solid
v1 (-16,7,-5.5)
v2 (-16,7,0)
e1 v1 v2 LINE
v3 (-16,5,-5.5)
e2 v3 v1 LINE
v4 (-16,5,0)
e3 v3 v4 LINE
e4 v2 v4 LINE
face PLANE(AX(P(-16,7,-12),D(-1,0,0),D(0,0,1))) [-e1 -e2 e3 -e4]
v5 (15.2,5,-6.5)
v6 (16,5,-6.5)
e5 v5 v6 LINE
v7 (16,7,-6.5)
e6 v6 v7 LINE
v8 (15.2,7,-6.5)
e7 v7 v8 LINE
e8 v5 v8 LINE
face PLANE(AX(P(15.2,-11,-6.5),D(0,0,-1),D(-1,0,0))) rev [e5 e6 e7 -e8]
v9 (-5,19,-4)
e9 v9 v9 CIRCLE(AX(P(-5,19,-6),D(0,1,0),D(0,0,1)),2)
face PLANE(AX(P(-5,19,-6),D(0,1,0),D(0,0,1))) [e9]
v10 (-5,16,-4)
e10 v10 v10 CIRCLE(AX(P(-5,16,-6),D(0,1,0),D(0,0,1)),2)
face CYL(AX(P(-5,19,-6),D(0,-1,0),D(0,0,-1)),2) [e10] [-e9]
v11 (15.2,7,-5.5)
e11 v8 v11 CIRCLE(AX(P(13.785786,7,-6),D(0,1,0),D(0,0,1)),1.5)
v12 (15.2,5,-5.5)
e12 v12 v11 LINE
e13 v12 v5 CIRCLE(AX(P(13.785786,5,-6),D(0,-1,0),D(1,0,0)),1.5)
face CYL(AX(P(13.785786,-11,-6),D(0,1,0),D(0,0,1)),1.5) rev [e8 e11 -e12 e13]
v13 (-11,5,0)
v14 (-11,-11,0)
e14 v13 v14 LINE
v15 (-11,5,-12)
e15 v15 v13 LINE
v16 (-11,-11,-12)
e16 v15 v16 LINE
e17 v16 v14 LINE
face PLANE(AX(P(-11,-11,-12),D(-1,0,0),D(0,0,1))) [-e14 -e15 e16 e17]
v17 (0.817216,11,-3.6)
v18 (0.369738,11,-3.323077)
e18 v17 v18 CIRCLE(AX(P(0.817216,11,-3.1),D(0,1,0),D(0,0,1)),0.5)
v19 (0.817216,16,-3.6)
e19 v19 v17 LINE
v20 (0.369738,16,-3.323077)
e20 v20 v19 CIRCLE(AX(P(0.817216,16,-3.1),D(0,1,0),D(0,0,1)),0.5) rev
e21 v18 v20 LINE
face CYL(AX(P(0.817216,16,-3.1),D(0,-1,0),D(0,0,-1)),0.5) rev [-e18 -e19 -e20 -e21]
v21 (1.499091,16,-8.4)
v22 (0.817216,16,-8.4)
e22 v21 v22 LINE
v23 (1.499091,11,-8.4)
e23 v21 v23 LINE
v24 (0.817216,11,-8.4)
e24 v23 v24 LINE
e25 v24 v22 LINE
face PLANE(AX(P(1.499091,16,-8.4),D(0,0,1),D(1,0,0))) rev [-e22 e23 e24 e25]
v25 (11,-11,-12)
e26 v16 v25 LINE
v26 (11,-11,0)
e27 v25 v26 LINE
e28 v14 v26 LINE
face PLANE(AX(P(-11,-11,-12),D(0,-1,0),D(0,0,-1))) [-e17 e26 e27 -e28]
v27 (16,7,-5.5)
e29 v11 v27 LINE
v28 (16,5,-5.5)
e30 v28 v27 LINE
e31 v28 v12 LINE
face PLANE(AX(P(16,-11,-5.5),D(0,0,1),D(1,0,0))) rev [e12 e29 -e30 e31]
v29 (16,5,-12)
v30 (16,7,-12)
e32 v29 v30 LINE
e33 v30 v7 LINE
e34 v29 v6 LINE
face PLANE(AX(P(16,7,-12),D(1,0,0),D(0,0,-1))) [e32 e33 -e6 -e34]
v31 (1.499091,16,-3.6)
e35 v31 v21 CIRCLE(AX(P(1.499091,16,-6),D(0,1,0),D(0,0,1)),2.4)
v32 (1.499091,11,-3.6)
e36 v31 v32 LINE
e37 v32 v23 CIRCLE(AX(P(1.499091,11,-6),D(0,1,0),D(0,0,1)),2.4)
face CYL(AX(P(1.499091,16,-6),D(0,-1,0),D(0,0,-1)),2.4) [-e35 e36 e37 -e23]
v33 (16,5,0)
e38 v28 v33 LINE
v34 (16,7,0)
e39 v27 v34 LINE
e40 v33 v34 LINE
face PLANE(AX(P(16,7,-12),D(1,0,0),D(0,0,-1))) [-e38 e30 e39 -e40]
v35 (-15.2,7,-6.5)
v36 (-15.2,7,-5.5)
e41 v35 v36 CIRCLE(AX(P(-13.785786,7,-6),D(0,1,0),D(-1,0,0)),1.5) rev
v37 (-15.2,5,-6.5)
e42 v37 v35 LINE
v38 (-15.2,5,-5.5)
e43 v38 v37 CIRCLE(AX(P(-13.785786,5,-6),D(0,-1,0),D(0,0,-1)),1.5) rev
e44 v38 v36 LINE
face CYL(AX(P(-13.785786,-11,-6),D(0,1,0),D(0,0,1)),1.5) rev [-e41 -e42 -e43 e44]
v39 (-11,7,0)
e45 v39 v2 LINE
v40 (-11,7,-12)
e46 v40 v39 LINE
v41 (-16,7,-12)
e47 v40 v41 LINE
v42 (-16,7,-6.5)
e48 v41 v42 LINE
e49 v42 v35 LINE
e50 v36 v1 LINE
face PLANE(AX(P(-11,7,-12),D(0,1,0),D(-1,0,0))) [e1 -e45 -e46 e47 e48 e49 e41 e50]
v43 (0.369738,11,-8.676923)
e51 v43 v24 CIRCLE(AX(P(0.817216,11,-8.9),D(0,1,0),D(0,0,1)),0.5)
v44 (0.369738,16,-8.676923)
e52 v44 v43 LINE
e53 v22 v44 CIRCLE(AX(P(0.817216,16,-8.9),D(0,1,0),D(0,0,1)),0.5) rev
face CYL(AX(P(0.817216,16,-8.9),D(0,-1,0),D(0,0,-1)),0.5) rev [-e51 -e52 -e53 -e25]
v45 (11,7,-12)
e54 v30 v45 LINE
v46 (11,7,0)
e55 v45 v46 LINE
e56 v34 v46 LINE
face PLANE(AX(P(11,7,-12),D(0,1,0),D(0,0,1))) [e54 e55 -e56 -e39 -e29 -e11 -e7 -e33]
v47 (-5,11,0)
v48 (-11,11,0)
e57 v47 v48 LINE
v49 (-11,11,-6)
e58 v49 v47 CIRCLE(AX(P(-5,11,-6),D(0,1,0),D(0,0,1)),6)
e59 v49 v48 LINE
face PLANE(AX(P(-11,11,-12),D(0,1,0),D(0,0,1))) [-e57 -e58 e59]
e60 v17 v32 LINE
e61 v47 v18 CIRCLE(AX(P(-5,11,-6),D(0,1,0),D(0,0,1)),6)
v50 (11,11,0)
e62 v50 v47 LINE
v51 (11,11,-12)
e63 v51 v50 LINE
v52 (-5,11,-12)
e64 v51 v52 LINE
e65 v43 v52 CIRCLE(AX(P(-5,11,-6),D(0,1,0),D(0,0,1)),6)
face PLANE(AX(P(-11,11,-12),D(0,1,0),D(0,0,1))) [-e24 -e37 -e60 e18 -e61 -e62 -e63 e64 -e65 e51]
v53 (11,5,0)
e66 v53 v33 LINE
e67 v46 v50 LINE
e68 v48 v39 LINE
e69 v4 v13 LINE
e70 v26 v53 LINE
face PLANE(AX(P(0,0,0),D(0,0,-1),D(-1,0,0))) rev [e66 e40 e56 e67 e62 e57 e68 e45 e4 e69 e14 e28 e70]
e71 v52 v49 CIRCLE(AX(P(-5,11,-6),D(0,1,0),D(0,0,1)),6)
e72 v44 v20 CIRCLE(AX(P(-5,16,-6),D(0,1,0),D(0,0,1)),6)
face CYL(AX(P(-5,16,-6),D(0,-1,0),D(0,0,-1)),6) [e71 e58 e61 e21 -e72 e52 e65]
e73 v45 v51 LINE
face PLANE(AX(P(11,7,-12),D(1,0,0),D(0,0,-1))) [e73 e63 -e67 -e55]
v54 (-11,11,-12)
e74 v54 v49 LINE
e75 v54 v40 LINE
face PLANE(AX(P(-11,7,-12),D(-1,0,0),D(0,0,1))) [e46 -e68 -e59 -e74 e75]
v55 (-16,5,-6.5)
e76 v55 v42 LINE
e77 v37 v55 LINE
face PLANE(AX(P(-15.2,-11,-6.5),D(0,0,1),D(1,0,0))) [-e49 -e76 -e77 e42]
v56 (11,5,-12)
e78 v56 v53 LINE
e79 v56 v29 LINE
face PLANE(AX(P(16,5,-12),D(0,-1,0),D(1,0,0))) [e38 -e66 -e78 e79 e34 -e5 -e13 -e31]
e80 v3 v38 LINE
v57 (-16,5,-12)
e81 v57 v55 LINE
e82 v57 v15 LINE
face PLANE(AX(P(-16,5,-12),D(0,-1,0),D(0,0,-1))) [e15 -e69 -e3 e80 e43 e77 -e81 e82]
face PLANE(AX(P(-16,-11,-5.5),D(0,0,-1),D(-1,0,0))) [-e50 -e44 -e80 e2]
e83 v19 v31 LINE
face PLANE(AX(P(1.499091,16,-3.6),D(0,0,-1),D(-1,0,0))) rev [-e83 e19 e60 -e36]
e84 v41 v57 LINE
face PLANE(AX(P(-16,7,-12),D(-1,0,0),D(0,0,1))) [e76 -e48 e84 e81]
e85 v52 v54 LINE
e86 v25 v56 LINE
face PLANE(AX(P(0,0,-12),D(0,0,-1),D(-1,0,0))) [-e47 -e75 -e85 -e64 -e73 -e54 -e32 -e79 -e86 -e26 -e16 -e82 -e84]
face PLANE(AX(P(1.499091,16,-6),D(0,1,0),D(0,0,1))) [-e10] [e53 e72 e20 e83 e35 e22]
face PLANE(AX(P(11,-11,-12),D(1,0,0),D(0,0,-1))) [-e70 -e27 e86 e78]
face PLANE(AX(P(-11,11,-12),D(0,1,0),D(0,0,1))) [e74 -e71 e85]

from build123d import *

# Parameters (mm, degrees)
BOSS_EXTRUDE1_DEPTH = 12
BOSS_EXTRUDE2_DEPTH = 5
CUT_EXTRUDE1_START  = -19
CUT_EXTRUDE1_DEPTH  = 29
SKETCH4_R           = 2
BOSS_EXTRUDE3_DEPTH = 3
FILLET1_R           = 0.5


with BuildPart() as part:
    # Sketch1 → Boss-Extrude1 (new body)
    with BuildSketch(Plane.XY):
        Polygon((11, 7), (16, 7), (16, 5), (11, 5), (11, -11), (-11, -11), (-11, 5), (-16, 5), (-16, 7), (-11, 7), (-11, 11), (11, 11), align=None)
    extrude(amount=-BOSS_EXTRUDE1_DEPTH)

    # Sketch2 → Boss-Extrude2 (add)
    with BuildSketch(Plane(origin=(0, 11, 0), x_dir=(1, 0, 0), z_dir=(0, 1, 0))):
        with BuildLine():
            Line((1.499090834, 8.4), (0.499090834, 8.4))
            ThreePointArc((0.499090834, 8.4), (-11, 6), (0.499090834, 3.6))
            Line((0.499090834, 3.6), (1.499090834, 3.6))
            ThreePointArc((1.499090834, 3.6), (3.899090834, 6), (1.499090834, 8.4))
        make_face()
    extrude(amount=BOSS_EXTRUDE2_DEPTH)

    # Sketch3 → Cut-Extrude1 (cut)
    with BuildSketch(Plane(origin=(0, 7, 0), x_dir=(1, 0, 0), z_dir=(0, 1, 0)).offset(CUT_EXTRUDE1_START)):
        with BuildLine():
            Line((15.2, 6.5), (16, 6.5))
            Line((16, 6.5), (16, 5.5))
            Line((16, 5.5), (15.2, 5.5))
            ThreePointArc((15.2, 5.5), (12.285786438, 6), (15.2, 6.5))
        make_face()
    cut_extrude1 = extrude(amount=CUT_EXTRUDE1_DEPTH, mode=Mode.SUBTRACT)

    # Mirror1: Cut-Extrude1 across plane
    add(cut_extrude1.mirror(Plane(origin=(0, 0, 0), x_dir=(0, 0, 1), z_dir=(1, 0, 0))), mode=Mode.SUBTRACT)

    # Sketch4 → Boss-Extrude3 (add)
    with BuildSketch(Plane(origin=(0, 16, 0), x_dir=(1, 0, 0), z_dir=(0, 1, 0))):
        with Locations((-5, 6)):
            Circle(SKETCH4_R)
    extrude(amount=BOSS_EXTRUDE3_DEPTH)

    # Fillet1
    fillet1_edges = [part.edges().sort_by_distance(p)[0] for p in [
        (0.499090834, 13.5, -8.4),
        (0.499090834, 13.5, -3.6),
    ]]
    fillet(fillet1_edges, radius=FILLET1_R)


solid = part.part
